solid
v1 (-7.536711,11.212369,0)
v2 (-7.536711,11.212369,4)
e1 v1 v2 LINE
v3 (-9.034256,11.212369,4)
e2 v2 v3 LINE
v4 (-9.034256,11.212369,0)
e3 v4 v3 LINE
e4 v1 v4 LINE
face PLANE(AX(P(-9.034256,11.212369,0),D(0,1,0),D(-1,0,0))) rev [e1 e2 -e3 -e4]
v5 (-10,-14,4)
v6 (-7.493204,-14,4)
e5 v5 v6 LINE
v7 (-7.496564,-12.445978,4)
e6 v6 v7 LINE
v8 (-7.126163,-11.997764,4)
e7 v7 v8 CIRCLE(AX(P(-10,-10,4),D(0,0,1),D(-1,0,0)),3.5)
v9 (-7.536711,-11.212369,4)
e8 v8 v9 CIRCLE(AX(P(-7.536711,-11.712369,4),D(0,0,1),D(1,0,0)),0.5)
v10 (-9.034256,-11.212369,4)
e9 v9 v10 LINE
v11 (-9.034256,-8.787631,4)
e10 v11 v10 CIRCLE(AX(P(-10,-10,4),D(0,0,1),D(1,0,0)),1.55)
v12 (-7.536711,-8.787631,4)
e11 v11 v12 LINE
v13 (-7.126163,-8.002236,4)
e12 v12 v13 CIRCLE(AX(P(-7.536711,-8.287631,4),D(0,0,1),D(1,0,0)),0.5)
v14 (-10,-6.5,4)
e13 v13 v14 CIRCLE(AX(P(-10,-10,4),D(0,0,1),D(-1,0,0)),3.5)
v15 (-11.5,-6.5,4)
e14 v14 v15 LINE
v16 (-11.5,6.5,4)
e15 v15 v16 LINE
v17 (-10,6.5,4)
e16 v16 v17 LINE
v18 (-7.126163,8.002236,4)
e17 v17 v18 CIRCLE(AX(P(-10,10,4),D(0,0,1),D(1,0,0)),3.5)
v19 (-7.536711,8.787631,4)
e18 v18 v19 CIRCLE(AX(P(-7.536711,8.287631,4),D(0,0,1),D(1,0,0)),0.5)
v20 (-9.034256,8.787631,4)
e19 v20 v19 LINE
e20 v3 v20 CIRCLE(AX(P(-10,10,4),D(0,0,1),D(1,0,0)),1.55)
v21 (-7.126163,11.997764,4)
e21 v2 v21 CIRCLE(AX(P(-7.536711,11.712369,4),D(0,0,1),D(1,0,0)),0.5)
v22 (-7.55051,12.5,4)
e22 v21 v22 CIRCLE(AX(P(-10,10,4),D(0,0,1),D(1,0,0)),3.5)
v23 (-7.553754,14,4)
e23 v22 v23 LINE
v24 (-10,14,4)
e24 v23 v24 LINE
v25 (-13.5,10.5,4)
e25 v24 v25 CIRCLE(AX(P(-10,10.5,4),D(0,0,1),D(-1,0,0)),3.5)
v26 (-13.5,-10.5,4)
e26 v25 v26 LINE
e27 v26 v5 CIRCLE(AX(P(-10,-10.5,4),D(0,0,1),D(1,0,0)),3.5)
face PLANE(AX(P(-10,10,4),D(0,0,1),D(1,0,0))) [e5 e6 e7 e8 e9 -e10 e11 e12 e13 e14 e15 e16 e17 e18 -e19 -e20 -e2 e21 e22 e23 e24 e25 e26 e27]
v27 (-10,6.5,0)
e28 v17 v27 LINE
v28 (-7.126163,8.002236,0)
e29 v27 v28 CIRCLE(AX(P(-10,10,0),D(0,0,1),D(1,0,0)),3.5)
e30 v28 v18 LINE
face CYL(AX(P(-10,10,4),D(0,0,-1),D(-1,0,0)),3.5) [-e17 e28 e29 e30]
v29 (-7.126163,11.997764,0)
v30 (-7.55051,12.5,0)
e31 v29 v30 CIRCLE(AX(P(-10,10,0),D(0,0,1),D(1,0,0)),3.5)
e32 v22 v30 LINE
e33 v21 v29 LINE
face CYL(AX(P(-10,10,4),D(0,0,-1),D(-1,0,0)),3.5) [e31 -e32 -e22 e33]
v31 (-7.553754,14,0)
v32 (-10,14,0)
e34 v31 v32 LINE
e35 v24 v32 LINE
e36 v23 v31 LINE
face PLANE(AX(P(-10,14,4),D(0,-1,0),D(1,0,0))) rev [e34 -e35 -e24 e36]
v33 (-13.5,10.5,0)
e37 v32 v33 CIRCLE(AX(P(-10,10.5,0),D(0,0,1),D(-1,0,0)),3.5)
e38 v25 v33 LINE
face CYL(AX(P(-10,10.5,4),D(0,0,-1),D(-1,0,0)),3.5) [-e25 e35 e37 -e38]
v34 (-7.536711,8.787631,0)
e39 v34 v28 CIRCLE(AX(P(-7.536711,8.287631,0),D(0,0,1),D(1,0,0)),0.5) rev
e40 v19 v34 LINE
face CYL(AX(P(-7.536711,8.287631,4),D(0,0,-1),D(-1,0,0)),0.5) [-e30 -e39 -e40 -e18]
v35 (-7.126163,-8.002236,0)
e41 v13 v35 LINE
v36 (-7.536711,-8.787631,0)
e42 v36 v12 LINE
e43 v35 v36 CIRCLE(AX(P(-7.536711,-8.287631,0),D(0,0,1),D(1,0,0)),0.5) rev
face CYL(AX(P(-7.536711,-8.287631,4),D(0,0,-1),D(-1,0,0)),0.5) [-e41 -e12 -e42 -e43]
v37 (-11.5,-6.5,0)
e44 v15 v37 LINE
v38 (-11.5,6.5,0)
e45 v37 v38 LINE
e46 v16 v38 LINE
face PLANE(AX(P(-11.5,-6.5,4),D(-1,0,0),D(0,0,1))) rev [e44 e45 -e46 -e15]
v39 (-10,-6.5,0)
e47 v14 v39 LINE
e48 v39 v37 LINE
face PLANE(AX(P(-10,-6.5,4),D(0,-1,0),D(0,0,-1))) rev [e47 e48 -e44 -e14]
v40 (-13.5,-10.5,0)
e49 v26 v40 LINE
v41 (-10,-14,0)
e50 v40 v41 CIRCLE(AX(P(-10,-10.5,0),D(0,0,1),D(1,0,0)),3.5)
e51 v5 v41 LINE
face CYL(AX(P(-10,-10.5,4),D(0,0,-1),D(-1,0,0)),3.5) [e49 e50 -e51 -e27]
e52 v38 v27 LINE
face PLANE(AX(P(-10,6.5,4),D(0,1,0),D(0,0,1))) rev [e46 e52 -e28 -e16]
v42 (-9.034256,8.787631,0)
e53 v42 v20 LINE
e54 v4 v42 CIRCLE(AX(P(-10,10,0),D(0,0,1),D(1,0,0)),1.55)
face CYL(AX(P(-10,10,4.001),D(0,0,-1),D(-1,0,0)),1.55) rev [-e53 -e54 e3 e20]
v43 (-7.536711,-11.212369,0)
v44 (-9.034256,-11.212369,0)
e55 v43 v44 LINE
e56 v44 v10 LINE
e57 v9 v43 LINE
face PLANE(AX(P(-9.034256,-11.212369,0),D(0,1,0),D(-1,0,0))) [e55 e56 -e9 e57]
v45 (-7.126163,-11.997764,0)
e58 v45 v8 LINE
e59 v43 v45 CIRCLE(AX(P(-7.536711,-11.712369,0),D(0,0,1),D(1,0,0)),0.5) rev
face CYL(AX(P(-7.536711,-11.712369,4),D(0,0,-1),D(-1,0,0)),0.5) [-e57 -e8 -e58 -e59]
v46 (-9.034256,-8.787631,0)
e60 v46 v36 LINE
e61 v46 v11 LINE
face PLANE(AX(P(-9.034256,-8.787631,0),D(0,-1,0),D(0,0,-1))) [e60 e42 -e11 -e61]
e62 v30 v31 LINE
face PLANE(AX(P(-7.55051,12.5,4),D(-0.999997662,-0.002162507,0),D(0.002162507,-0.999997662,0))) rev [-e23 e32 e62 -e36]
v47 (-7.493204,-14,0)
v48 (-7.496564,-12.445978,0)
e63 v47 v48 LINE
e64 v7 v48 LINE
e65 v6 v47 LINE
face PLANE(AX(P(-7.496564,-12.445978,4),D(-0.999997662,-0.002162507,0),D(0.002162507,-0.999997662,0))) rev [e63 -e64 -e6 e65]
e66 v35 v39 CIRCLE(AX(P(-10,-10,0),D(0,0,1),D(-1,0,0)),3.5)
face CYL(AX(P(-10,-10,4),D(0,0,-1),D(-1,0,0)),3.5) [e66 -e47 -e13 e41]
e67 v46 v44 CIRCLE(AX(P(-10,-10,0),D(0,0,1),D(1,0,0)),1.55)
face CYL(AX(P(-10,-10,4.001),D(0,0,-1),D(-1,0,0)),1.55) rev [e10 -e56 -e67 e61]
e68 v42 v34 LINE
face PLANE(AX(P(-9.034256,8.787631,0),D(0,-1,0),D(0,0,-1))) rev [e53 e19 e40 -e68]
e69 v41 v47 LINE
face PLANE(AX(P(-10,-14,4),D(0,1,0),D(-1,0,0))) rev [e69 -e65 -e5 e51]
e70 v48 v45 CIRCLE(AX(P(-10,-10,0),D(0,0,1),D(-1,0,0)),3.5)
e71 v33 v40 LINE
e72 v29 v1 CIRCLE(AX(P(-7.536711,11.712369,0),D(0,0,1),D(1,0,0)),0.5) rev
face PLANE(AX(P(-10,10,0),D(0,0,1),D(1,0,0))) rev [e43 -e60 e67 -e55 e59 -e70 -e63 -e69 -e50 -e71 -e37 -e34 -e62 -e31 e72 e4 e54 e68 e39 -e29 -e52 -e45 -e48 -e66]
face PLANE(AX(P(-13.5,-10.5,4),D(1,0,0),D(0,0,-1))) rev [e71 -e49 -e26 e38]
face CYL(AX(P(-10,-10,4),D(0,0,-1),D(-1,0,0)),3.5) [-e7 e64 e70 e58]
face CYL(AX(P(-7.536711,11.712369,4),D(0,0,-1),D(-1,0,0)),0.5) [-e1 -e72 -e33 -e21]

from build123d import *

# Parameters (mm, degrees)
BOSS_EXTRUDE1_DEPTH = 4
CUT_EXTRUDE4_REACH  = 6
SKETCH2_R           = 1.55
CUT_EXTRUDE5_DEPTH  = 5
FILLET1_R           = 0.5


with BuildPart() as part:
    # Sketch1 → Boss-Extrude1 (new body)
    with BuildSketch(Plane.XY):
        with BuildLine():
            Line((-10, 14), (-7.553754025, 14))
            Line((-7.553754025, 14), (-7.550510257, 12.5))
            ThreePointArc((-7.550510257, 12.5), (-6.759629651, 8.677124344), (-10, 6.5))
            Line((-10, 6.5), (-11.5, 6.5))
            Line((-11.5, 6.5), (-11.5, -6.5))
            Line((-11.5, -6.5), (-10, -6.5))
            ThreePointArc((-10, -6.5), (-6.774250172, -8.641862287), (-7.496564289, -12.445978258))
            Line((-7.496564289, -12.445978258), (-7.493203699, -14))
            Line((-7.493203699, -14), (-10, -14))
            ThreePointArc((-10, -14), (-12.474873734, -12.974873734), (-13.5, -10.5))
            Line((-13.5, -10.5), (-13.5, 10.5))
            ThreePointArc((-13.5, 10.5), (-12.474873734, 12.974873734), (-10, 14))
        make_face()
    extrude(amount=BOSS_EXTRUDE1_DEPTH)

    # Sketch2 → Cut-Extrude4 (cut, up to next)
    with BuildSketch(Plane.XY, mode=Mode.PRIVATE) as cut_extrude4_sk1:
        with Locations((-10, -10)):
            Circle(SKETCH2_R)
    cut_extrude4_tool1 = extrude(cut_extrude4_sk1.sketch, amount=CUT_EXTRUDE4_REACH, mode=Mode.PRIVATE) & part.part
    add(cut_extrude4_tool1.solids().sort_by_distance((-10, -10, 0))[0], mode=Mode.SUBTRACT)
    # Sketch2 → Cut-Extrude4 (cut, up to next)
    with BuildSketch(Plane.XY, mode=Mode.PRIVATE) as cut_extrude4_sk2:
        with Locations((-10, 10)):
            Circle(SKETCH2_R)
    cut_extrude4_tool2 = extrude(cut_extrude4_sk2.sketch, amount=CUT_EXTRUDE4_REACH, mode=Mode.PRIVATE) & part.part
    add(cut_extrude4_tool2.solids().sort_by_distance((-10, 10, 0))[0], mode=Mode.SUBTRACT)

    # Sketch3 → Cut-Extrude5 (cut, through all)
    with BuildSketch(Plane.XY.offset(4)):
        with BuildLine():
            Line((-9.034256252, 11.212369174), (-6.716684452, 11.212369174))
            ThreePointArc((-6.716684452, 11.212369174), (-6.5, 10), (-6.716684452, 8.787630826))
            Line((-6.716684452, 8.787630826), (-9.034256252, 8.787630826))
            ThreePointArc((-9.034256252, 8.787630826), (-8.45, 10), (-9.034256252, 11.212369174))
        make_face()
    cut_extrude5 = extrude(amount=-CUT_EXTRUDE5_DEPTH, mode=Mode.SUBTRACT)

    # Mirror1: Cut-Extrude5 across plane
    add(cut_extrude5.mirror(Plane(origin=(0, 0, 0), x_dir=(0, 0, 1), z_dir=(0, -1, 0))), mode=Mode.SUBTRACT)

    # Fillet1
    fillet1_edges = [part.edges().sort_by_distance(p)[0] for p in [
        (-6.716684452, 11.212369174, 2),
        (-6.716684452, 8.787630826, 2),
        (-6.716684452, -8.787630826, 2),
        (-6.716684452, -11.212369174, 2),
    ]]
    fillet(fillet1_edges, radius=FILLET1_R)


solid = part.part
